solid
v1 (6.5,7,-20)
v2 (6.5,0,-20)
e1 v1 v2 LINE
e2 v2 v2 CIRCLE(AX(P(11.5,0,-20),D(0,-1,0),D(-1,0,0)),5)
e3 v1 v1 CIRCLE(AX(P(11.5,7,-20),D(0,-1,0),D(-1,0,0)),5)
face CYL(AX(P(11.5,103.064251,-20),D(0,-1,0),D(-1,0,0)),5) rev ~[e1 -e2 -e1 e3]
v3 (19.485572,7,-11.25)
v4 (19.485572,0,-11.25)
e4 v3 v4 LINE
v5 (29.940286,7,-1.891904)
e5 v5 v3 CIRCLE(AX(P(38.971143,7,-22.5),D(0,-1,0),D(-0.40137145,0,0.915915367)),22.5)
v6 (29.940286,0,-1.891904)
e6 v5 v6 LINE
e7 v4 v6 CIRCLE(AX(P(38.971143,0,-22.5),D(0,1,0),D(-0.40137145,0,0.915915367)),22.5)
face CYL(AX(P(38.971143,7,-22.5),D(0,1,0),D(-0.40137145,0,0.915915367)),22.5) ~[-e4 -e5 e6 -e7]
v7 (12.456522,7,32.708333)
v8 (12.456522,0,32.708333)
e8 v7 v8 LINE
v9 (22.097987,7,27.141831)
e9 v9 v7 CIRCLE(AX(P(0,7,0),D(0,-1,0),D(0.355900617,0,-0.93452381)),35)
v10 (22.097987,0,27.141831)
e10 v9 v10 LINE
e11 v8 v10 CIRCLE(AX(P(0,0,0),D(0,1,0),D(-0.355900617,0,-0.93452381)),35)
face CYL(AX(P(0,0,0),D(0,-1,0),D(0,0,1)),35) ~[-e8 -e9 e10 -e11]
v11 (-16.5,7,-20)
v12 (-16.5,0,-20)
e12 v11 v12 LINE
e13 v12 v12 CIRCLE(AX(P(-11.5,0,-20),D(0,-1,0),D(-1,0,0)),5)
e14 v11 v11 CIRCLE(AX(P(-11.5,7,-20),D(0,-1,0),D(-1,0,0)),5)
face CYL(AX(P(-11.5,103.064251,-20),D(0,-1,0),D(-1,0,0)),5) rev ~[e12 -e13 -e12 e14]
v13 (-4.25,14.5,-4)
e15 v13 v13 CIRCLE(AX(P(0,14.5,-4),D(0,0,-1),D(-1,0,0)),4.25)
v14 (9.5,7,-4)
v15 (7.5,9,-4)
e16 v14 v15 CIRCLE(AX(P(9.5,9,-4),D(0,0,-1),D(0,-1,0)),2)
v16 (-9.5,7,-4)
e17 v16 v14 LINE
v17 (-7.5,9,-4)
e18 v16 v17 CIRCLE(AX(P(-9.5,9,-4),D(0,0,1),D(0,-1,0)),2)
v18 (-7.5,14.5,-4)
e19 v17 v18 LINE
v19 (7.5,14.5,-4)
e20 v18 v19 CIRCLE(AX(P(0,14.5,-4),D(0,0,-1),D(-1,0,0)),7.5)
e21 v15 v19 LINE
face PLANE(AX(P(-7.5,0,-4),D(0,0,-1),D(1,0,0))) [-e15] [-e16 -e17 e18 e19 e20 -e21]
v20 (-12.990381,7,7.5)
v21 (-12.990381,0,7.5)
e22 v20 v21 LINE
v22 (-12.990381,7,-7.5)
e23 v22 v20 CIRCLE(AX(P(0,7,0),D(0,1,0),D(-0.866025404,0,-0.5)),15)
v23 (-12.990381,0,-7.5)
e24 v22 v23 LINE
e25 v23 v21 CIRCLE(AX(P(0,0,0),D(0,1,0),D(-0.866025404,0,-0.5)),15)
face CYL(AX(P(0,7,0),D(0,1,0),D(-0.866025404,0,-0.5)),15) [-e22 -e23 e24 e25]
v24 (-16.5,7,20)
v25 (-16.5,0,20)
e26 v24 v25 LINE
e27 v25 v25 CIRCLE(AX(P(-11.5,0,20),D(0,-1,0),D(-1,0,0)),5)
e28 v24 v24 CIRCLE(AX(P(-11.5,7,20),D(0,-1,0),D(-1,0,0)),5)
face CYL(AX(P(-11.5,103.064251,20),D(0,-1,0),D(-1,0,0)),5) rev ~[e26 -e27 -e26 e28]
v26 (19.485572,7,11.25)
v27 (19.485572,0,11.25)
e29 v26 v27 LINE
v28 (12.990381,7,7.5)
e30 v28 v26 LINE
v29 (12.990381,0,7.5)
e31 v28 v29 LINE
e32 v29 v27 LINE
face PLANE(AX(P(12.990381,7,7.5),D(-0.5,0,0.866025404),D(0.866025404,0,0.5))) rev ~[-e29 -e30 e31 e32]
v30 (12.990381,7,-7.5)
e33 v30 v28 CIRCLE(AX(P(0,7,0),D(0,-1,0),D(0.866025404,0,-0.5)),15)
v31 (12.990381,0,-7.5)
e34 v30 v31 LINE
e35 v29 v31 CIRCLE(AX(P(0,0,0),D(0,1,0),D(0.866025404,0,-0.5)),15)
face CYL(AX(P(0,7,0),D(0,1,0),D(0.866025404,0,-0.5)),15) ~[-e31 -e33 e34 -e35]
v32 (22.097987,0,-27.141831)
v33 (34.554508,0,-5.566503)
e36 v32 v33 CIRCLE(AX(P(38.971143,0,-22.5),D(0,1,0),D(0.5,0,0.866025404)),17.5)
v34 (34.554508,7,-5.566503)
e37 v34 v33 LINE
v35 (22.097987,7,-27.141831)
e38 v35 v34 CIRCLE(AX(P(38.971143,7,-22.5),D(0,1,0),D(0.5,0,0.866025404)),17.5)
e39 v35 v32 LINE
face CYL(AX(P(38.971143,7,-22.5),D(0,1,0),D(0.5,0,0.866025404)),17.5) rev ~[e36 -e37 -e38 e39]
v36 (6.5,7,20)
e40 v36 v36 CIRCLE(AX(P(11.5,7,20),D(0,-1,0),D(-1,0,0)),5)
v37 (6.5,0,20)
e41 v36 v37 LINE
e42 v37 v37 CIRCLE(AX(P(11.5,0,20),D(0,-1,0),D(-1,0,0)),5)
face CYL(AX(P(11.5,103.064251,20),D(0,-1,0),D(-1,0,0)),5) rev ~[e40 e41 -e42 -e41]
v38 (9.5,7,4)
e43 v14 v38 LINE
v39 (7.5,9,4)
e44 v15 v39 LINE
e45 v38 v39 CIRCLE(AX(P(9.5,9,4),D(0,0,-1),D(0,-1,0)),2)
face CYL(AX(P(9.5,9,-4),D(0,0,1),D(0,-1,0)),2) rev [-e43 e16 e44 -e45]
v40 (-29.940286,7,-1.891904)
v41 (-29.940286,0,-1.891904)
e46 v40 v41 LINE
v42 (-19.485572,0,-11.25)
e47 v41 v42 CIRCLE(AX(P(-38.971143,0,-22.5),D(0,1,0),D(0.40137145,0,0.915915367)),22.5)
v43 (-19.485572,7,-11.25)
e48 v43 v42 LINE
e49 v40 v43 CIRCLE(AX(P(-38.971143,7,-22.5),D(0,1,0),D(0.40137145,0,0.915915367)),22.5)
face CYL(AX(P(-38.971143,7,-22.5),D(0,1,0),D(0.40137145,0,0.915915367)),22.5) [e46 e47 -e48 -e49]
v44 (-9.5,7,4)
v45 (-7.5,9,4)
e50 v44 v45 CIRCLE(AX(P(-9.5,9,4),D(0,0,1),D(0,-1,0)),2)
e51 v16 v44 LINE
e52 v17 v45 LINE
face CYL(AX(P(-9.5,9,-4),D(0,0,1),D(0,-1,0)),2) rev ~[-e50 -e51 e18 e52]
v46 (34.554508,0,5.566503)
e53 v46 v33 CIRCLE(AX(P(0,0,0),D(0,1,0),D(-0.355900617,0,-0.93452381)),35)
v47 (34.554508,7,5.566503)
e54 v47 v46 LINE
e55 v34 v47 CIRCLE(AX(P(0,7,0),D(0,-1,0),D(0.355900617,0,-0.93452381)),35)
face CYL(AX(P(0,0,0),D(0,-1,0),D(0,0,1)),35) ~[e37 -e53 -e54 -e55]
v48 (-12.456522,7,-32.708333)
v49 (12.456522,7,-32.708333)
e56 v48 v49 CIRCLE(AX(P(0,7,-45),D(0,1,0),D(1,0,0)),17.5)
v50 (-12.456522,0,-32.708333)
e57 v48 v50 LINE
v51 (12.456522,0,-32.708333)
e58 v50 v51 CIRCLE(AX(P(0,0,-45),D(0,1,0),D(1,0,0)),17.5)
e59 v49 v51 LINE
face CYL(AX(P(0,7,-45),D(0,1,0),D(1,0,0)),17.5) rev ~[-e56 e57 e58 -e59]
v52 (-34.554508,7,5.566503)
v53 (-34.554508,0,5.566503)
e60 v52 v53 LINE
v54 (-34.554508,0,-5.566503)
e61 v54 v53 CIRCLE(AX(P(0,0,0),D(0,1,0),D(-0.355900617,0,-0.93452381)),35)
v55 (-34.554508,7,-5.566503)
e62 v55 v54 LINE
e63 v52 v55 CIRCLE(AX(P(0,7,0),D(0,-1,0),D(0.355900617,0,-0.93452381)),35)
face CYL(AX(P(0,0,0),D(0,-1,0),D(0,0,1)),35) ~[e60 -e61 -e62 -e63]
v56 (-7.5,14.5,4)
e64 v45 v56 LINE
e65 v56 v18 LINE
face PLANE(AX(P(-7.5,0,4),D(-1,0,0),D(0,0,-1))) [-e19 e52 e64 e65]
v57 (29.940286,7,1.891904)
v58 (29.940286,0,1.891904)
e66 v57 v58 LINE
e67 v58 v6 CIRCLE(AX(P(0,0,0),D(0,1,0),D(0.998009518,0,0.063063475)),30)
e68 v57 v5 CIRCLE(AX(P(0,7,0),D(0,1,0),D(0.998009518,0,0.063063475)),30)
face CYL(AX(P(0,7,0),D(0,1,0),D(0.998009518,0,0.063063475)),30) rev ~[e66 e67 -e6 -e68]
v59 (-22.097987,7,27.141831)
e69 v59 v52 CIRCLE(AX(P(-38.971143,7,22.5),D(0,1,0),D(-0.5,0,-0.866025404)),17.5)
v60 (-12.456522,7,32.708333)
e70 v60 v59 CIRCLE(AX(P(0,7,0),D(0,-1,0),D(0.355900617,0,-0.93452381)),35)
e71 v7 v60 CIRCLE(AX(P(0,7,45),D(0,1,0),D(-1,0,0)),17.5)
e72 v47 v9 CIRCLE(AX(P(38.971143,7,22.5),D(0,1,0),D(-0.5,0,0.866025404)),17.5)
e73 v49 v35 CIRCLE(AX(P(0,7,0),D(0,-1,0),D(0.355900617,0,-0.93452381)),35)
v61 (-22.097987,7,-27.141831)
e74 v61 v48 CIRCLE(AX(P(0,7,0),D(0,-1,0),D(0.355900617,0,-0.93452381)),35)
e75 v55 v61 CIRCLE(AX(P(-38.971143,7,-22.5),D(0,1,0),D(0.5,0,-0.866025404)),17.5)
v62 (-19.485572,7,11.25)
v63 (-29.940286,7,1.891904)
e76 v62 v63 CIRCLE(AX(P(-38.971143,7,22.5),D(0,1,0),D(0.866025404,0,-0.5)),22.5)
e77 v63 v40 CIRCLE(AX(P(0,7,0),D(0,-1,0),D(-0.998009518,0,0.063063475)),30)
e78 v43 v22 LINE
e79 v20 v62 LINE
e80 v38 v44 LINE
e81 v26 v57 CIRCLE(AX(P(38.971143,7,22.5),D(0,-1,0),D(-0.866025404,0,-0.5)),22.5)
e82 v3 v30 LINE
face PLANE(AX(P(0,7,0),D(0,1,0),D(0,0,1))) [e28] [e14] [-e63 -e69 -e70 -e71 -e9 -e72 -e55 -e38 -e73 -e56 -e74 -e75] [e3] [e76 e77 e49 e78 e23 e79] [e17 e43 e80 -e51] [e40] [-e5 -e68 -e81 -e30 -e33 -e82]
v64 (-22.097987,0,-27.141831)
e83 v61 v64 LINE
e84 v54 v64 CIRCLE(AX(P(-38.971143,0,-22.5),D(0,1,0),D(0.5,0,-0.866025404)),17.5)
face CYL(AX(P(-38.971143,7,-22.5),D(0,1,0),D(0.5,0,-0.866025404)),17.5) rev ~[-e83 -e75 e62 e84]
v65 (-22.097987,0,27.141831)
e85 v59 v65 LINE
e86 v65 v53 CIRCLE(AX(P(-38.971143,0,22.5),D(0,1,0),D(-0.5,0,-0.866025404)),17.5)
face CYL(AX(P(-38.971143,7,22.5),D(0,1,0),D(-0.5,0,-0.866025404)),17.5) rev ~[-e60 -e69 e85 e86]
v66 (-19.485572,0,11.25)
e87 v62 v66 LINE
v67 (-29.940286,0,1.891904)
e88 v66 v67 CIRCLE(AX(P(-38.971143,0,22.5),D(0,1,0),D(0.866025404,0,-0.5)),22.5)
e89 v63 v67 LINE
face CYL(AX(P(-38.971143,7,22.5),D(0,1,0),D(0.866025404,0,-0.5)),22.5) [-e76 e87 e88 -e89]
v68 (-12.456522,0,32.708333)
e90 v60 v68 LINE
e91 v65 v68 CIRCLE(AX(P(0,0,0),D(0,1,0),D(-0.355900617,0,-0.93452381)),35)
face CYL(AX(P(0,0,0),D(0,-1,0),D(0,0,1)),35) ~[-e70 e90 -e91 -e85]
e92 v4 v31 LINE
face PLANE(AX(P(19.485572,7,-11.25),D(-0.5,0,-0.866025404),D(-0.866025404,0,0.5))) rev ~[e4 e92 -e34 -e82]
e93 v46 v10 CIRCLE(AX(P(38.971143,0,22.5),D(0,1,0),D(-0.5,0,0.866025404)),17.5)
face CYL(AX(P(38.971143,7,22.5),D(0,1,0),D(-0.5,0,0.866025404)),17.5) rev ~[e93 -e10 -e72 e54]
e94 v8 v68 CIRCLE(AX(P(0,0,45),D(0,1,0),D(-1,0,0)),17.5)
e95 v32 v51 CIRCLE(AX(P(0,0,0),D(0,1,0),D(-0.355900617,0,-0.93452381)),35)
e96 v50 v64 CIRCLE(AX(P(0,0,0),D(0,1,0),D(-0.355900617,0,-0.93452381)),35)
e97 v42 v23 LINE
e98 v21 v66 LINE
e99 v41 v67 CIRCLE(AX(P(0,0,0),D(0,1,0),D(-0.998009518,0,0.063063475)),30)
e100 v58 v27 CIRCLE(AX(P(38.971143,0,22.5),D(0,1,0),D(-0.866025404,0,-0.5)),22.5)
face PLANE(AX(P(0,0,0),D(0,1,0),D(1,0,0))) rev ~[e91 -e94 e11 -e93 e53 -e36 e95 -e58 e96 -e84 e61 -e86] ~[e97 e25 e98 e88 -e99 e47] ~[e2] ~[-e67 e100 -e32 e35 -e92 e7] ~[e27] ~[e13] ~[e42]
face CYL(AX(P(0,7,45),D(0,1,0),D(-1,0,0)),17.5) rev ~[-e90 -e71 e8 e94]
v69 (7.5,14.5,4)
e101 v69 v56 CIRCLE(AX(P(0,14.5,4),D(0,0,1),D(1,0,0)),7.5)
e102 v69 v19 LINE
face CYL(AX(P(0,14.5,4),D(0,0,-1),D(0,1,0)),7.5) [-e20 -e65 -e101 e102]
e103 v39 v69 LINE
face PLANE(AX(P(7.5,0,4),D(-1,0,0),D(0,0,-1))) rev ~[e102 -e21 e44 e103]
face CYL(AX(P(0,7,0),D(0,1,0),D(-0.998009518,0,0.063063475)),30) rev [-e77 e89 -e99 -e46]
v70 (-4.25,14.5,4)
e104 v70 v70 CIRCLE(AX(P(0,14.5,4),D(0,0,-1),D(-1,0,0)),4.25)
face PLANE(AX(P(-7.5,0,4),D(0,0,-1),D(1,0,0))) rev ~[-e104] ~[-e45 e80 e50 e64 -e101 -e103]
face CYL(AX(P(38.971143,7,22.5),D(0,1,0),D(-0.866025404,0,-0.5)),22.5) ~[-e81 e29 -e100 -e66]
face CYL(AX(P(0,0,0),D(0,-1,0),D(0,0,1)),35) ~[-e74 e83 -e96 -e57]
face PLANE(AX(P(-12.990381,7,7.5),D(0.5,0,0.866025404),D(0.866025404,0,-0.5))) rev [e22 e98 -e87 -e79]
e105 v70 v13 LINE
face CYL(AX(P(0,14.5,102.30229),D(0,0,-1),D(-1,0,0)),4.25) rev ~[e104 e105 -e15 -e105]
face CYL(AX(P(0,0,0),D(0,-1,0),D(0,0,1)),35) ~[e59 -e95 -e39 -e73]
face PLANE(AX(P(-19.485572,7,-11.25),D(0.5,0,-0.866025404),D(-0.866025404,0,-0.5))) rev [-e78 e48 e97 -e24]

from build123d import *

# Parameters (mm, degrees)
SKETCH1_R                  = 35
BOSS_EXTRUDE1_DEPTH        = 7
SKETCH2_R                  = 17.5
CUT_EXTRUDE1_DEPTH         = 50.989999
CIRPATTERN1_COUNT          = 6
F_10_0_10_DIAMETER_HOLE1_D = 10
LPATTERN1_COUNT            = 2
LPATTERN1_PITCH            = 23
LPATTERN1_COUNT_DIR2       = 2
LPATTERN1_PITCH_DIR2       = 40
CUT_EXTRUDE2_DEPTH         = 49.413170413
SKETCH11_W                 = 15
SKETCH11_H                 = 8
BOSS_EXTRUDE2_DEPTH        = 22
FILLET1_RADIUS             = 7.5
FILLET1_LENGTH             = 8
M10_TAPPED_HOLE1_D         = 8.5
FILLET2_R                  = 2


with BuildPart() as part:
    # Sketch1 → Boss-Extrude1 (new body)
    with BuildSketch(Plane(origin=(0, 0, 0), x_dir=(1, 0, 0), z_dir=(0, 1, 0))):
        with Locations(Location((0, 0, 0), (0, 0, 270))):
            Circle(SKETCH1_R)
    extrude(amount=BOSS_EXTRUDE1_DEPTH)

    # Sketch2 → Cut-Extrude1 (cut, through all)
    with BuildSketch(Plane(origin=(0, 7, 0), x_dir=(1, 0, 0), z_dir=(0, 1, 0))):
        with Locations((0, 45)):
            Circle(SKETCH2_R)
    cut_extrude1 = extrude(amount=-CUT_EXTRUDE1_DEPTH, mode=Mode.SUBTRACT)

    # CirPattern1: Cut-Extrude1 ×6 about axis
    cirpattern1_axis = Axis((0, 0, 0), (0, 1, 0))
    for i in range(1, CIRPATTERN1_COUNT):
        add(cut_extrude1.rotate(cirpattern1_axis, i * 360 / CIRPATTERN1_COUNT), mode=Mode.SUBTRACT)

    # Ø10.0 (10) Diameter Hole1 (through all)
    with Locations(Plane(origin=(0, 7, 0), x_dir=(1, 0, 0), z_dir=(0, 1, 0))):
        with Locations((-11.5, 20)):
            f_10_0_10_diameter_hole1 = Hole(F_10_0_10_DIAMETER_HOLE1_D / 2)

    # LPattern1: 10.0 _10_ Diameter Hole1 2 × 2
    with Locations(*[(i * LPATTERN1_PITCH, 0, j * LPATTERN1_PITCH_DIR2) for i in range(LPATTERN1_COUNT) for j in range(LPATTERN1_COUNT_DIR2) if (i, j) != (0, 0)]):
        add(f_10_0_10_diameter_hole1, mode=Mode.SUBTRACT)

    # Sketch9 → Cut-Extrude2 (cut, through all)
    with BuildSketch(Plane(origin=(0, 7, 0), x_dir=(1, 0, 0), z_dir=(0, 1, 0))):
        with BuildLine():
            Line((12.990381057, -7.5), (19.485571585, -11.25))
            ThreePointArc((19.485571585, -11.25), (23.964805416, -5.735160985), (29.940285542, -1.891904249))
            ThreePointArc((29.940285542, -1.891904249), (30, 0), (29.940285542, 1.891904249))
            ThreePointArc((29.940285542, 1.891904249), (23.964805416, 5.735160985), (19.485571585, 11.25))
            Line((19.485571585, 11.25), (12.990381057, 7.5))
            ThreePointArc((12.990381057, 7.5), (15, 0), (12.990381057, -7.5))
        make_face()
    cut_extrude2 = extrude(amount=-CUT_EXTRUDE2_DEPTH, mode=Mode.SUBTRACT)

    # Mirror1: Cut-Extrude2 across plane
    add(cut_extrude2.mirror(Plane(origin=(0, 0, 0), x_dir=(0, 0, 1), z_dir=(1, 0, 0))), mode=Mode.SUBTRACT)

    # Sketch11 → Boss-Extrude2 (add)
    with BuildSketch(Plane(origin=(0, 0, 0), x_dir=(1, 0, 0), z_dir=(0, 1, 0))):
        Rectangle(SKETCH11_W, SKETCH11_H)
    extrude(amount=BOSS_EXTRUDE2_DEPTH)

    # Fillet1: full round fillet: the end face becomes a half cylinder, R = half its width
    fillet1_face = Plane((0, 22, 0), x_dir=(0, 0, -1), z_dir=(0, 1, 0))  # on the end face: x along it, z out of the body
    fillet1_slab = fillet1_face.offset(-FILLET1_RADIUS / 2) * Box(FILLET1_LENGTH, 2 * FILLET1_RADIUS, FILLET1_RADIUS, mode=Mode.PRIVATE)  # the body's end, R deep
    fillet1_round = Plane((0, 14.5, 0), x_dir=(0, 1, 0), z_dir=(0, 0, -1)) * Cylinder(FILLET1_RADIUS, FILLET1_LENGTH, mode=Mode.PRIVATE)  # its axis R under the face
    add(fillet1_slab - fillet1_round, mode=Mode.SUBTRACT)

    # M10 Tapped Hole1 (through all)
    with Locations(Plane.XY.offset(4)):
        with Locations((0, 14.5)):
            Hole(M10_TAPPED_HOLE1_D / 2)

    # Fillet2
    fillet2_edges = [part.edges().sort_by_distance(p)[0] for p in [
        (7.5, 7, 0),
        (-7.5, 7, 0),
    ]]
    fillet(fillet2_edges, radius=FILLET2_R)


solid = part.part
